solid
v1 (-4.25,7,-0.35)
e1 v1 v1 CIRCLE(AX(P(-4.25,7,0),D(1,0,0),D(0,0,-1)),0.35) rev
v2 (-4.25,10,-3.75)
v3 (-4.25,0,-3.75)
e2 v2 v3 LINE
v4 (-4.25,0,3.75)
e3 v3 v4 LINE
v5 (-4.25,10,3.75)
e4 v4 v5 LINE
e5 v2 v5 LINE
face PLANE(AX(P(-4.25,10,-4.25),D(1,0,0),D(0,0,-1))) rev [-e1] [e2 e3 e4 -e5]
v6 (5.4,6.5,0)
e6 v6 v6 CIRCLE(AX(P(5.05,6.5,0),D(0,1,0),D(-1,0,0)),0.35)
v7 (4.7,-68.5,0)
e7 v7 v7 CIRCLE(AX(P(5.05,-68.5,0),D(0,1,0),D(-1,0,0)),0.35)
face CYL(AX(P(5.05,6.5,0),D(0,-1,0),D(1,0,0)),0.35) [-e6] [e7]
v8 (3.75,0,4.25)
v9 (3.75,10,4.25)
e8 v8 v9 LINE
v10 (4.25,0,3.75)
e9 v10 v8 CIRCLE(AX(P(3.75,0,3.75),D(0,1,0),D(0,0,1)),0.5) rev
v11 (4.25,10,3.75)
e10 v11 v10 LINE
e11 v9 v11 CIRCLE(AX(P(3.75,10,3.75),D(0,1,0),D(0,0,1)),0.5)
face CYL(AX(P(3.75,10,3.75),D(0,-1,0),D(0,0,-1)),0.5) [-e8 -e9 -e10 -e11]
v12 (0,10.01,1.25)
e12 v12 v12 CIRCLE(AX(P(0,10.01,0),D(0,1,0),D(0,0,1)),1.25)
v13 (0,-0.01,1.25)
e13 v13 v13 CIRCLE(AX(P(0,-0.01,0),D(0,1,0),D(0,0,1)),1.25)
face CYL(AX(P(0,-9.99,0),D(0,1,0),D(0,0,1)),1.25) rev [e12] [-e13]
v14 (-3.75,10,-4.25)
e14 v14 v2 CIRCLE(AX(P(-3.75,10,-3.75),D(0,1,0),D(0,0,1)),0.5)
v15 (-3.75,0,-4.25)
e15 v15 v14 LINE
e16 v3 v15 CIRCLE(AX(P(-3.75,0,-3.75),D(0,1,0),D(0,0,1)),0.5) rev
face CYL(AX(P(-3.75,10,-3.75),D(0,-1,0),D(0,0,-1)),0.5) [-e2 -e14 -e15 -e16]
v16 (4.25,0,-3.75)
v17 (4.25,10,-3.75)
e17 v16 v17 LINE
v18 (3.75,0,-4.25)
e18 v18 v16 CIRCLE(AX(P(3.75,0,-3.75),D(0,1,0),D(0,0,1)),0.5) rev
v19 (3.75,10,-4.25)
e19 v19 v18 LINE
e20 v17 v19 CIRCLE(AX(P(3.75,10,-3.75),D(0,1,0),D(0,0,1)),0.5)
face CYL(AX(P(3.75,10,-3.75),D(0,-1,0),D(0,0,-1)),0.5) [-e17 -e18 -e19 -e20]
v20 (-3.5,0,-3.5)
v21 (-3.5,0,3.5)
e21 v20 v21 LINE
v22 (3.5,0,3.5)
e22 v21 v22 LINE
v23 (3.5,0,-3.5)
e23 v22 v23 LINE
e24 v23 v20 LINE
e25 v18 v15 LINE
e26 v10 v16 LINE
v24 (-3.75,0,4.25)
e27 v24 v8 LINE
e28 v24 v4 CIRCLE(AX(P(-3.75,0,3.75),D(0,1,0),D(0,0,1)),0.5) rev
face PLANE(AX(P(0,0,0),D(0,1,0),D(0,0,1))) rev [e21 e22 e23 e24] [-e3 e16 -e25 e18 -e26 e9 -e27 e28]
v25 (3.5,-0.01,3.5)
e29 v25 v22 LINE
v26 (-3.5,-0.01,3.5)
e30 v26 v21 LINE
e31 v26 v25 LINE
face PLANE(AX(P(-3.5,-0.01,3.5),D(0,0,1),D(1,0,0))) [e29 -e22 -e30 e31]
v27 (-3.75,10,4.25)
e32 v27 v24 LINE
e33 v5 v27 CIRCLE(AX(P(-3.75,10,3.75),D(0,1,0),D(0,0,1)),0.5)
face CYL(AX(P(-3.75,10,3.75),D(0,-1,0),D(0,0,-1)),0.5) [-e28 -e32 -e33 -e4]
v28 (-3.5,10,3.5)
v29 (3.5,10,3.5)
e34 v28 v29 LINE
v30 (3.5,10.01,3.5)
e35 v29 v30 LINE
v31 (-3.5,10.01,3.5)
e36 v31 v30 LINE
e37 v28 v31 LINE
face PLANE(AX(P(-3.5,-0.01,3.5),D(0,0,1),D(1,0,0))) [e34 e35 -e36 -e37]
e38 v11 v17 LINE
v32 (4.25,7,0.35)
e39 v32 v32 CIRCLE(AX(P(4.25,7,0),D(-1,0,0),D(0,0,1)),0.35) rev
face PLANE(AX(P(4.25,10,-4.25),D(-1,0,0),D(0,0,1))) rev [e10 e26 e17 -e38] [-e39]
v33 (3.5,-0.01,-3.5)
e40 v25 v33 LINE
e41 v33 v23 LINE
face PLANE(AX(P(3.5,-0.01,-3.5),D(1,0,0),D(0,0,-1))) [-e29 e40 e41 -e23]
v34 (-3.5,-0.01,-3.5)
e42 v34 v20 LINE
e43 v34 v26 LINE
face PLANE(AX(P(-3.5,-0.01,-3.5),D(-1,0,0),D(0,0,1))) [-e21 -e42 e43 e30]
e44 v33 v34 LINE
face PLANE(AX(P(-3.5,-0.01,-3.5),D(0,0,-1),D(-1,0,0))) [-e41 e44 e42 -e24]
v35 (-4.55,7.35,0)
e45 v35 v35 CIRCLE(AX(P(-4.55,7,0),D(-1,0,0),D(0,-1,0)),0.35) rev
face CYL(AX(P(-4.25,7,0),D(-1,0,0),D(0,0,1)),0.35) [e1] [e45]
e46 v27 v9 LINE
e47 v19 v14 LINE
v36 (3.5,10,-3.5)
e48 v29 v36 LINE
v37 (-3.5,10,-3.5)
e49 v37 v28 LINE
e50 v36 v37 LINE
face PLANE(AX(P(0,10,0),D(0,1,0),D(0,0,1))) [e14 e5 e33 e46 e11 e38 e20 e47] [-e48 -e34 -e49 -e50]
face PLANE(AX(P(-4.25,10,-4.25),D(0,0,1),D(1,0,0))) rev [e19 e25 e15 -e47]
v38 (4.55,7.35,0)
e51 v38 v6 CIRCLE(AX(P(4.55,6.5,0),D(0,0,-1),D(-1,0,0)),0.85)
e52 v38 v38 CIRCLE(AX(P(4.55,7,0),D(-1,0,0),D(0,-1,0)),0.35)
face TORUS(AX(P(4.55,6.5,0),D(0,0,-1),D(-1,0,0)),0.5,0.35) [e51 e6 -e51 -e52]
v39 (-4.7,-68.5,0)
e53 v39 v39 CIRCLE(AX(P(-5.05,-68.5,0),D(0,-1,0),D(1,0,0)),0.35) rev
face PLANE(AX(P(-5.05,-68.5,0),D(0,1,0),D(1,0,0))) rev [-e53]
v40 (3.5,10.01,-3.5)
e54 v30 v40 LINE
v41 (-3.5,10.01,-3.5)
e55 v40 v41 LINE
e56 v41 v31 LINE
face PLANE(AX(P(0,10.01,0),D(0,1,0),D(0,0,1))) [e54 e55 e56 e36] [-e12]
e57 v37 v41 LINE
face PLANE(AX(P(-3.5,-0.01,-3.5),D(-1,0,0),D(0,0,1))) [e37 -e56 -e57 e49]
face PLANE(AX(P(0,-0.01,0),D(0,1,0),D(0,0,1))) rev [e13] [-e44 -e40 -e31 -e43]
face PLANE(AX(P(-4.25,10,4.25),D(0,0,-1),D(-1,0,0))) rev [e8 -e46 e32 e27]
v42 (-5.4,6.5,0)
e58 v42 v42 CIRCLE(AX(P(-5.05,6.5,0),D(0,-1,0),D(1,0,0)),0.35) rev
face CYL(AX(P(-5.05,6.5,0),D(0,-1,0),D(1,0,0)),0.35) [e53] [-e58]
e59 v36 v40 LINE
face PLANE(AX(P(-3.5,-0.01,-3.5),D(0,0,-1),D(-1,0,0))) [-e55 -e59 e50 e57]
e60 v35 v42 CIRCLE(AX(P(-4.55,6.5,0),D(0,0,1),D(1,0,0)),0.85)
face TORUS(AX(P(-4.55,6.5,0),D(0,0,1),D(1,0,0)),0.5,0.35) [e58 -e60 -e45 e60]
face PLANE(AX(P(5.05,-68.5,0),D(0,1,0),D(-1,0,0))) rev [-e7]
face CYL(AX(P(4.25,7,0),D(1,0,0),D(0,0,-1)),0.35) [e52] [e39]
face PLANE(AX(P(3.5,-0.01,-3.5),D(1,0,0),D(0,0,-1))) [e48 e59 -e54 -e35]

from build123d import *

# Parameters (mm, degrees)
SKETCH1_W                = 8.5
SKETCH1_H                = 8.5
BOSS_EXTRUDE1_DEPTH      = 10
SKETCH2_W                = 7
SKETCH2_H                = 7
BOSS_EXTRUDE2_DEPTH      = 10.01
BOSS_EXTRUDE2_DEPTH_BACK = 0.01
FILLET2_R                = 0.5
SKETCH35_R               = 1.25
CUT_EXTRUDE1_DEPTH       = 20
SWEEP1_PROFILE_R         = 0.35


with BuildPart() as part:
    # Sketch1 → Boss-Extrude1 (new body)
    with BuildSketch(Plane(origin=(0, 0, 0), x_dir=(1, 0, 0), z_dir=(0, 1, 0))):
        Rectangle(SKETCH1_W, SKETCH1_H)
    extrude(amount=BOSS_EXTRUDE1_DEPTH)

    # Sketch2 → Boss-Extrude2 (add, two sides)
    with BuildSketch(Plane(origin=(0, 0, 0), x_dir=(1, 0, 0), z_dir=(0, 1, 0))) as boss_extrude2_sk:
        Rectangle(SKETCH2_W, SKETCH2_H)
    extrude(amount=BOSS_EXTRUDE2_DEPTH)
    extrude(boss_extrude2_sk.sketch, amount=-BOSS_EXTRUDE2_DEPTH_BACK)

    # Fillet2
    fillet2_edges = [part.edges().sort_by_distance(p)[0] for p in [
        (4.25, 5, 4.25),
        (-4.25, 5, 4.25),
        (-4.25, 5, -4.25),
        (4.25, 5, -4.25),
    ]]
    fillet(fillet2_edges, radius=FILLET2_R)

    # Sketch35 → Cut-Extrude1 (cut)
    with BuildSketch(Plane(origin=(0, 10.01, 0), x_dir=(1, 0, 0), z_dir=(0, 1, 0))):
        with Locations(Location((0, 0, 0), (0, 0, 270))):  # turned: the seam where the file's is
            Circle(SKETCH35_R)
    extrude(amount=-CUT_EXTRUDE1_DEPTH, mode=Mode.SUBTRACT)

    # Sweep1: sweep along a path in Sketch37
    with BuildLine(Plane.XY) as sweep1_path:
        Line((4.25, 7), (4.55, 7))
        ThreePointArc((4.55, 7), (4.903553391, 6.853553391), (5.05, 6.5))
        Line((5.05, 6.5), (5.05, -68.5))
    # Sweep1 profile (on start of the path) → Sweep1 (sweep)
    with BuildSketch(Plane(origin=(4.25, 7, 0), x_dir=(0, 0, 1), z_dir=(1, 0, 0))):
        Circle(SWEEP1_PROFILE_R)
    sweep1 = sweep(path=sweep1_path.line)

    # Mirror1: Sweep1 across plane
    add(sweep1.mirror(Plane(origin=(0, 0, 0), x_dir=(0, 0, 1), z_dir=(1, 0, 0))))


solid = part.part
